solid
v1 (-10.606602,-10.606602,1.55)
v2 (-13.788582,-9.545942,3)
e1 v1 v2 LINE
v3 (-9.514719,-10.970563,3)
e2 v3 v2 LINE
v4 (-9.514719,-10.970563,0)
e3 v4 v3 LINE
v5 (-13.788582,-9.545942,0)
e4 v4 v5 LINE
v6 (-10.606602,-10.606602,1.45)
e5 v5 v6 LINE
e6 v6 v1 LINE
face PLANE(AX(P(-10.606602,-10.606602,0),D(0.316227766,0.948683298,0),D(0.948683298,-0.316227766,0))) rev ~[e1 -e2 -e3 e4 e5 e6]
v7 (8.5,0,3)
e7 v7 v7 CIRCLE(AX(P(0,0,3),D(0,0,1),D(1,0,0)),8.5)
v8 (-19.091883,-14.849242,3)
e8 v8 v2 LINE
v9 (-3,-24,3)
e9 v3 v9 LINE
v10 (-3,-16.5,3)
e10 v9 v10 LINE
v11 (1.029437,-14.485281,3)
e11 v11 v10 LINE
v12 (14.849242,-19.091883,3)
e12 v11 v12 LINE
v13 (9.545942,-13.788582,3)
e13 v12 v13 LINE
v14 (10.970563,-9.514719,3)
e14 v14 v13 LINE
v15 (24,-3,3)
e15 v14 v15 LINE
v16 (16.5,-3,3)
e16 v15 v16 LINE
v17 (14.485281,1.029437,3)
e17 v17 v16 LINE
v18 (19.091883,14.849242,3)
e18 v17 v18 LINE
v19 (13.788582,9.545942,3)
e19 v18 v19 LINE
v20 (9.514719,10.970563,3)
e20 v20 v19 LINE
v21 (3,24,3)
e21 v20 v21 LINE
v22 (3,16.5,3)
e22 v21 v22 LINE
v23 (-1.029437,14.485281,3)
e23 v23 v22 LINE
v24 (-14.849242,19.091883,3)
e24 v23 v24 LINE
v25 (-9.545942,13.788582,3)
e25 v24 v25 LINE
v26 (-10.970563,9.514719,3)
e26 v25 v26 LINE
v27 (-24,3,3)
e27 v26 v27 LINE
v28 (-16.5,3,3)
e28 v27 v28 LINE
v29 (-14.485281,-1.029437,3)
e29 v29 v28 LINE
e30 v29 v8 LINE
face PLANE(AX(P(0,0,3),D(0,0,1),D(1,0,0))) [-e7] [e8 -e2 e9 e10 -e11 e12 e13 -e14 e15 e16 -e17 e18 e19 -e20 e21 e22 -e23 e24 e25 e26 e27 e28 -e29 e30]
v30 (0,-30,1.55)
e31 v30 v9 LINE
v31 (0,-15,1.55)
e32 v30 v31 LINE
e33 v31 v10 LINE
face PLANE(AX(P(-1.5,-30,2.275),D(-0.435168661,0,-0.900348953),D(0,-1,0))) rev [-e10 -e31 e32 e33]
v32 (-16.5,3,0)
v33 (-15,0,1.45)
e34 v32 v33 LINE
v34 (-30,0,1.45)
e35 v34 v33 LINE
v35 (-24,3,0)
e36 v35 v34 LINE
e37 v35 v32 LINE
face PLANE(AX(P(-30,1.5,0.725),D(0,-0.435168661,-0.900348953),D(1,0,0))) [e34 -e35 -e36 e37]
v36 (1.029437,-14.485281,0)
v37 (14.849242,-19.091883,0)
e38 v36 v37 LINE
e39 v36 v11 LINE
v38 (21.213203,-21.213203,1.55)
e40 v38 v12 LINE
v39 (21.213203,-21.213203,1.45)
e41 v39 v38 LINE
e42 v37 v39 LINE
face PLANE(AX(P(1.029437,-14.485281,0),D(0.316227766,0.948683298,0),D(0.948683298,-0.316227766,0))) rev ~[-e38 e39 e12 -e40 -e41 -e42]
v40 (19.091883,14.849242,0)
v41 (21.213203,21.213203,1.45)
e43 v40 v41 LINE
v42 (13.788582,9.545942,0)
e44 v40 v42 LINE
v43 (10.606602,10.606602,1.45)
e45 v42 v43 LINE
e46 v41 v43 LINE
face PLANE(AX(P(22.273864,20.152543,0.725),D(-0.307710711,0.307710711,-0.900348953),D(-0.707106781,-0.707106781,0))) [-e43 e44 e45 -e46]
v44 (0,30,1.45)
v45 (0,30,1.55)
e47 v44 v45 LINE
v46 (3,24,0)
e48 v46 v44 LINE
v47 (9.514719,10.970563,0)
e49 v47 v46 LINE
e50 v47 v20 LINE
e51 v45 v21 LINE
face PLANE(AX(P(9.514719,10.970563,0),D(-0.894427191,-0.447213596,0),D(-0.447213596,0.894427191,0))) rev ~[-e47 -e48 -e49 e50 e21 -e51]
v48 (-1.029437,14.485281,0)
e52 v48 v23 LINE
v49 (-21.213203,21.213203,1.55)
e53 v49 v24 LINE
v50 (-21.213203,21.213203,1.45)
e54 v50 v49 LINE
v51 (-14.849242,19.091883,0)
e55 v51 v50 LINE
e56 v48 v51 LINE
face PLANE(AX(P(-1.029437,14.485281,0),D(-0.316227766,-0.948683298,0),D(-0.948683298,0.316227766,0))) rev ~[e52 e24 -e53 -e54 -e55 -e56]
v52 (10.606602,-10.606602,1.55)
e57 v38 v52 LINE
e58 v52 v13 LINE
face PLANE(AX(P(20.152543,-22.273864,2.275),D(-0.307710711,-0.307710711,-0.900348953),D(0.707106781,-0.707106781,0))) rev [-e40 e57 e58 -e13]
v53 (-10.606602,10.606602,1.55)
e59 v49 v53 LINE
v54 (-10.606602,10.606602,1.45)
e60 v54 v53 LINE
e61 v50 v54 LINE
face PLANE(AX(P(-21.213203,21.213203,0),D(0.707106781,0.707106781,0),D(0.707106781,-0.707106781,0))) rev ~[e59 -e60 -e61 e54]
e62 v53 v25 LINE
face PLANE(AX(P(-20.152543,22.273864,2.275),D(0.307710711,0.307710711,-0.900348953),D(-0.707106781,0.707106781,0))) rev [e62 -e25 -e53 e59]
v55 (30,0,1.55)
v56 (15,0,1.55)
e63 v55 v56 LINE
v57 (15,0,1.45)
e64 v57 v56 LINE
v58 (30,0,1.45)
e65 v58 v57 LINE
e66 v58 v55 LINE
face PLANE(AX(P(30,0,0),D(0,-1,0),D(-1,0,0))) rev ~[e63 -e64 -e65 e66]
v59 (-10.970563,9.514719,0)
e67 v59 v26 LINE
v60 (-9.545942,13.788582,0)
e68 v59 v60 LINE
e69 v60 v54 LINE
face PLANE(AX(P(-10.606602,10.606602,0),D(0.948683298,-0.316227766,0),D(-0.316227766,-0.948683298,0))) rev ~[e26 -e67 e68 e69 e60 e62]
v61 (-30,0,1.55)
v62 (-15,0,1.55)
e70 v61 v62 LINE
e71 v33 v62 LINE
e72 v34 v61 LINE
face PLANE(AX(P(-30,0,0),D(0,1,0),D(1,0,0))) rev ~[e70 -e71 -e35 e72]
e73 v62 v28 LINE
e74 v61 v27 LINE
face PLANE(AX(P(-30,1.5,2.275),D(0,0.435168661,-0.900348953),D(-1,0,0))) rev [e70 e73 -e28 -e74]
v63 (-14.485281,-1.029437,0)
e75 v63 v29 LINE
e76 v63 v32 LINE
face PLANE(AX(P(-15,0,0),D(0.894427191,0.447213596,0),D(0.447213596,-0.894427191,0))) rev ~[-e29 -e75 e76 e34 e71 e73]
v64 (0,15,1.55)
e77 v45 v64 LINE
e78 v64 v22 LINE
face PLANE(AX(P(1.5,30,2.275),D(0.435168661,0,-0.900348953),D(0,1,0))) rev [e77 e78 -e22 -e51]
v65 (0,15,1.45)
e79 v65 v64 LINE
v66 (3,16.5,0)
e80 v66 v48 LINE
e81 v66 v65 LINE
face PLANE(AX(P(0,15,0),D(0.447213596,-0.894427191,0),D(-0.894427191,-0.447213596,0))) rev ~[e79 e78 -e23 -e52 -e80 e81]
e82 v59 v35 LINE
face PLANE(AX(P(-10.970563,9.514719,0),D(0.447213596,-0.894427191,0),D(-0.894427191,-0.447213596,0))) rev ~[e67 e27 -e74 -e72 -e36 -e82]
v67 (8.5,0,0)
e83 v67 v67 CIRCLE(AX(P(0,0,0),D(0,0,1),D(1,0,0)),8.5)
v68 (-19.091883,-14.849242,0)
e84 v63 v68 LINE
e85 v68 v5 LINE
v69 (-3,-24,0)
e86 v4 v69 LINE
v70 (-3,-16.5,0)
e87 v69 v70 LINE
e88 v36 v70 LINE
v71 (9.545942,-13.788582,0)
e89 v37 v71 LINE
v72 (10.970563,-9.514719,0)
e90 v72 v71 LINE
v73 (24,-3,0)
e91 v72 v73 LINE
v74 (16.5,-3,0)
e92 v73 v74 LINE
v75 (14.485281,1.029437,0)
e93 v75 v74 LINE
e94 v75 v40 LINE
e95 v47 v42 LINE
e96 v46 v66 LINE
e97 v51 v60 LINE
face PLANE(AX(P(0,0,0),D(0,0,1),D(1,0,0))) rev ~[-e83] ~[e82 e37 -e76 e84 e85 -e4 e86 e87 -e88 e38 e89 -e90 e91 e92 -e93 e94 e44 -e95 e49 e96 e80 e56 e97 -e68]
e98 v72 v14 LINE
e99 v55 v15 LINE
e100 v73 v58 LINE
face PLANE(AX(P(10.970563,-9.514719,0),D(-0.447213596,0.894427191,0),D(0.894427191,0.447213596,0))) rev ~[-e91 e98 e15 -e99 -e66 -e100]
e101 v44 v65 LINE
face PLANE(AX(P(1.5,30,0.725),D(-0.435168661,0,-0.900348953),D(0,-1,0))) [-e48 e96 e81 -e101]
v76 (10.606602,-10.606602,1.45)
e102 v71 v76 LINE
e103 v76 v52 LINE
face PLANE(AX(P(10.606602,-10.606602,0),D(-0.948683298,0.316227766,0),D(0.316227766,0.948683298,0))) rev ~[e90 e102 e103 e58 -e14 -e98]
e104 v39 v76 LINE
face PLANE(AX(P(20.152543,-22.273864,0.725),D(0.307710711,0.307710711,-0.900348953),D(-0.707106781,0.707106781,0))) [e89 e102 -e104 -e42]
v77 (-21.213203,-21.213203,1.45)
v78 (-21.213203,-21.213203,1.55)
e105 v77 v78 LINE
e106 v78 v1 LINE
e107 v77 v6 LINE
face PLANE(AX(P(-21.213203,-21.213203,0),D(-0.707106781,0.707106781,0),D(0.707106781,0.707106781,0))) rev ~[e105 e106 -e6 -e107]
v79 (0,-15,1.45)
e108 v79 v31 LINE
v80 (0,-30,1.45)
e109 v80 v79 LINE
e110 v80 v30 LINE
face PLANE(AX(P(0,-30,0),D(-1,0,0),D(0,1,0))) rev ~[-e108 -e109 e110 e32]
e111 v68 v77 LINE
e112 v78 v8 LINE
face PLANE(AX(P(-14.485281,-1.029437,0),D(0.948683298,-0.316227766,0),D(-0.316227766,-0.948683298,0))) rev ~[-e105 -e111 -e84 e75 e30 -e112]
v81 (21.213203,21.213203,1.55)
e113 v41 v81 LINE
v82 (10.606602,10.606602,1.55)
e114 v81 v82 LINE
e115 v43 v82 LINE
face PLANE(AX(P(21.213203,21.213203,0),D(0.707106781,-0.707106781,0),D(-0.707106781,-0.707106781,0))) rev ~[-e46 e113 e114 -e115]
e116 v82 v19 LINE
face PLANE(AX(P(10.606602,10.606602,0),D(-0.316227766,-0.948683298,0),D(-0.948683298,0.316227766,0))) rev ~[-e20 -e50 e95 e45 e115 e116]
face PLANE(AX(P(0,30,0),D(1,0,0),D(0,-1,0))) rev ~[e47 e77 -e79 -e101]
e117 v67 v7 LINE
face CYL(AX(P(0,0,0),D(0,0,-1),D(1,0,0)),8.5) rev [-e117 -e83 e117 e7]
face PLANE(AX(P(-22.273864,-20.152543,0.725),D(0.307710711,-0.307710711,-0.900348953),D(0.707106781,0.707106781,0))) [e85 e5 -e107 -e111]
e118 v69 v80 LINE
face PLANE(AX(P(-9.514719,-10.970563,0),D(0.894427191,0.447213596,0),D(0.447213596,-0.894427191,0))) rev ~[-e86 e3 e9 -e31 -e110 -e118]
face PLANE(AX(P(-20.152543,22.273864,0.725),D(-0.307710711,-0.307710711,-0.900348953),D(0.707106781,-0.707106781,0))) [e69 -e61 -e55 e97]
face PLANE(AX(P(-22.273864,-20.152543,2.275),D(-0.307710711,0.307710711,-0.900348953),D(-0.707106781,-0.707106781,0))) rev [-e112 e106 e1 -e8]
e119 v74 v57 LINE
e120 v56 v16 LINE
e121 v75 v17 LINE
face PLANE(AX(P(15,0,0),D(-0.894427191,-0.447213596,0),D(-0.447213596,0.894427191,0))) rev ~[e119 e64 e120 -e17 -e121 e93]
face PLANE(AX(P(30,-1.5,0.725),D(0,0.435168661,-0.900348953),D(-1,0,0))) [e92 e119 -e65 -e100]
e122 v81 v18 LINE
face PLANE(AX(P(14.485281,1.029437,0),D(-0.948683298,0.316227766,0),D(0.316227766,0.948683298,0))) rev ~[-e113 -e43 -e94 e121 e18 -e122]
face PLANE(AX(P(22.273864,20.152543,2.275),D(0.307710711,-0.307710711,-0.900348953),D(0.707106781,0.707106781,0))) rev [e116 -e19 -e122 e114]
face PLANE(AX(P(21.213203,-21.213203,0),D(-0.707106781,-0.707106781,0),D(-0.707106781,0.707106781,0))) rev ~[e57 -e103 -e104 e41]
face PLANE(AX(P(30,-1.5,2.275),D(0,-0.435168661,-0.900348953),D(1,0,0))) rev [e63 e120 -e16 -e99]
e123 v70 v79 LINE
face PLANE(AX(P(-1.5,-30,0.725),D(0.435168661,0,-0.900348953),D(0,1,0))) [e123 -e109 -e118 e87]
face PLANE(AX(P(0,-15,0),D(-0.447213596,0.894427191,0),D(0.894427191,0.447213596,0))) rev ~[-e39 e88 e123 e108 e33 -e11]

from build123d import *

# Parameters (mm, degrees)
F0_R       = 8.5
F1_DEPTH   = 3
F2_SIZE2   = 3
F2_SIZE    = 1.45
F2_2_SIZE2 = 3
F2_2_SIZE  = 1.45
F2_3_SIZE2 = 3
F2_3_SIZE  = 1.45
F2_4_SIZE2 = 3
F2_4_SIZE  = 1.45
F2_5_SIZE2 = 3
F2_5_SIZE  = 1.45
F2_6_SIZE2 = 3
F2_6_SIZE  = 1.45
F2_7_SIZE2 = 3
F2_7_SIZE  = 1.45
F2_8_SIZE2 = 3
F2_8_SIZE  = 1.45
F3_SIZE2   = 1.45
F3_SIZE    = 3


with BuildPart() as f1:
    # F0 (on Top) → F1 (new body)
    with BuildSketch(Plane.XY):
        Polygon((9.5147186258, 10.9705627485), (-1.0294372515, 14.4852813742), (-10.9705627485, 9.5147186258), (-14.4852813742, -1.0294372515), (-9.5147186258, -10.9705627485), (1.0294372515, -14.4852813742), (10.9705627485, -9.5147186258), (14.4852813742, 1.0294372515), align=None)
        Circle(F0_R, mode=Mode.SUBTRACT)
        Polygon((-9.5147186258, -10.9705627485), (-14.4852813742, -1.0294372515), (-21.2132034356, -21.2132034356), (-10.6066017178, -10.6066017178), align=None)
        Polygon((1.0294372515, -14.4852813742), (-9.5147186258, -10.9705627485), (0, -30), (0, -15), align=None)
        Polygon((10.6066017178, -10.6066017178), (10.9705627485, -9.5147186258), (1.0294372515, -14.4852813742), (21.2132034356, -21.2132034356), align=None)
        Polygon((15, 0), (14.4852813742, 1.0294372515), (10.9705627485, -9.5147186258), (30, 0), align=None)
        Polygon((10.6066017178, 10.6066017178), (9.5147186258, 10.9705627485), (14.4852813742, 1.0294372515), (21.2132034356, 21.2132034356), align=None)
        Polygon((0, 30), (0, 15), (-1.0294372515, 14.4852813742), (9.5147186258, 10.9705627485), align=None)
        Polygon((-10.9705627485, 9.5147186258), (-1.0294372515, 14.4852813742), (-21.2132034356, 21.2132034356), (-10.6066017178, 10.6066017178), align=None)
        Polygon((-14.4852813742, -1.0294372515), (-10.9705627485, 9.5147186258), (-30, 0), (-15, 0), align=None)
    extrude(amount=F1_DEPTH)

    # F2
    f2_edges = [f1.edges().sort_by_distance(p)[0] for p in [
        (-15.909903, 15.909903, 3),
    ]]
    f2_side = f1.faces().sort_by_distance((-15.909903, 15.909903, 1.5))[0]
    chamfer(f2_edges, length=F2_SIZE, length2=F2_SIZE2, reference=f2_side)

    # F2#2
    f2_2_edges = [f1.edges().sort_by_distance(p)[0] for p in [
        (-22.5, 0, 3),
    ]]
    f2_2_side = f1.faces().sort_by_distance((-22.5, 0, 1.5))[0]
    chamfer(f2_2_edges, length=F2_2_SIZE, length2=F2_2_SIZE2, reference=f2_2_side)

    # F2#3
    f2_3_edges = [f1.edges().sort_by_distance(p)[0] for p in [
        (-15.909903, -15.909903, 3),
    ]]
    f2_3_side = f1.faces().sort_by_distance((-15.909903, -15.909903, 1.5))[0]
    chamfer(f2_3_edges, length=F2_3_SIZE, length2=F2_3_SIZE2, reference=f2_3_side)

    # F2#4
    f2_4_edges = [f1.edges().sort_by_distance(p)[0] for p in [
        (0, -22.5, 3),
    ]]
    f2_4_side = f1.faces().sort_by_distance((0, -22.5, 1.5))[0]
    chamfer(f2_4_edges, length=F2_4_SIZE, length2=F2_4_SIZE2, reference=f2_4_side)

    # F2#5
    f2_5_edges = [f1.edges().sort_by_distance(p)[0] for p in [
        (15.909903, -15.909903, 3),
    ]]
    f2_5_side = f1.faces().sort_by_distance((15.909903, -15.909903, 1.5))[0]
    chamfer(f2_5_edges, length=F2_5_SIZE, length2=F2_5_SIZE2, reference=f2_5_side)

    # F2#6
    f2_6_edges = [f1.edges().sort_by_distance(p)[0] for p in [
        (22.5, 0, 3),
    ]]
    f2_6_side = f1.faces().sort_by_distance((22.5, 0, 1.5))[0]
    chamfer(f2_6_edges, length=F2_6_SIZE, length2=F2_6_SIZE2, reference=f2_6_side)

    # F2#7
    f2_7_edges = [f1.edges().sort_by_distance(p)[0] for p in [
        (15.909903, 15.909903, 3),
    ]]
    f2_7_side = f1.faces().sort_by_distance((15.909903, 15.909903, 1.5))[0]
    chamfer(f2_7_edges, length=F2_7_SIZE, length2=F2_7_SIZE2, reference=f2_7_side)

    # F2#8
    f2_8_edges = [f1.edges().sort_by_distance(p)[0] for p in [
        (0, 22.5, 3),
    ]]
    f2_8_side = f1.faces().sort_by_distance((0, 22.5, 1.5))[0]
    chamfer(f2_8_edges, length=F2_8_SIZE, length2=F2_8_SIZE2, reference=f2_8_side)

    # F3
    f3_edges = [f1.edges().sort_by_distance(p)[0] for p in [
        (0, -22.5, 0),
        (15.909903, -15.909903, 0),
        (22.5, 0, 0),
        (15.909903, 15.909903, 0),
        (0, 22.5, 0),
        (-15.909903, 15.909903, 0),
        (-22.5, 0, 0),
        (-15.909903, -15.909903, 0),
    ]]
    f3_side = f1.faces().sort_by_distance((-16.509903, -15.309903, 0))[0]
    chamfer(f3_edges, length=F3_SIZE, length2=F3_SIZE2, reference=f3_side)


solid = f1.part
